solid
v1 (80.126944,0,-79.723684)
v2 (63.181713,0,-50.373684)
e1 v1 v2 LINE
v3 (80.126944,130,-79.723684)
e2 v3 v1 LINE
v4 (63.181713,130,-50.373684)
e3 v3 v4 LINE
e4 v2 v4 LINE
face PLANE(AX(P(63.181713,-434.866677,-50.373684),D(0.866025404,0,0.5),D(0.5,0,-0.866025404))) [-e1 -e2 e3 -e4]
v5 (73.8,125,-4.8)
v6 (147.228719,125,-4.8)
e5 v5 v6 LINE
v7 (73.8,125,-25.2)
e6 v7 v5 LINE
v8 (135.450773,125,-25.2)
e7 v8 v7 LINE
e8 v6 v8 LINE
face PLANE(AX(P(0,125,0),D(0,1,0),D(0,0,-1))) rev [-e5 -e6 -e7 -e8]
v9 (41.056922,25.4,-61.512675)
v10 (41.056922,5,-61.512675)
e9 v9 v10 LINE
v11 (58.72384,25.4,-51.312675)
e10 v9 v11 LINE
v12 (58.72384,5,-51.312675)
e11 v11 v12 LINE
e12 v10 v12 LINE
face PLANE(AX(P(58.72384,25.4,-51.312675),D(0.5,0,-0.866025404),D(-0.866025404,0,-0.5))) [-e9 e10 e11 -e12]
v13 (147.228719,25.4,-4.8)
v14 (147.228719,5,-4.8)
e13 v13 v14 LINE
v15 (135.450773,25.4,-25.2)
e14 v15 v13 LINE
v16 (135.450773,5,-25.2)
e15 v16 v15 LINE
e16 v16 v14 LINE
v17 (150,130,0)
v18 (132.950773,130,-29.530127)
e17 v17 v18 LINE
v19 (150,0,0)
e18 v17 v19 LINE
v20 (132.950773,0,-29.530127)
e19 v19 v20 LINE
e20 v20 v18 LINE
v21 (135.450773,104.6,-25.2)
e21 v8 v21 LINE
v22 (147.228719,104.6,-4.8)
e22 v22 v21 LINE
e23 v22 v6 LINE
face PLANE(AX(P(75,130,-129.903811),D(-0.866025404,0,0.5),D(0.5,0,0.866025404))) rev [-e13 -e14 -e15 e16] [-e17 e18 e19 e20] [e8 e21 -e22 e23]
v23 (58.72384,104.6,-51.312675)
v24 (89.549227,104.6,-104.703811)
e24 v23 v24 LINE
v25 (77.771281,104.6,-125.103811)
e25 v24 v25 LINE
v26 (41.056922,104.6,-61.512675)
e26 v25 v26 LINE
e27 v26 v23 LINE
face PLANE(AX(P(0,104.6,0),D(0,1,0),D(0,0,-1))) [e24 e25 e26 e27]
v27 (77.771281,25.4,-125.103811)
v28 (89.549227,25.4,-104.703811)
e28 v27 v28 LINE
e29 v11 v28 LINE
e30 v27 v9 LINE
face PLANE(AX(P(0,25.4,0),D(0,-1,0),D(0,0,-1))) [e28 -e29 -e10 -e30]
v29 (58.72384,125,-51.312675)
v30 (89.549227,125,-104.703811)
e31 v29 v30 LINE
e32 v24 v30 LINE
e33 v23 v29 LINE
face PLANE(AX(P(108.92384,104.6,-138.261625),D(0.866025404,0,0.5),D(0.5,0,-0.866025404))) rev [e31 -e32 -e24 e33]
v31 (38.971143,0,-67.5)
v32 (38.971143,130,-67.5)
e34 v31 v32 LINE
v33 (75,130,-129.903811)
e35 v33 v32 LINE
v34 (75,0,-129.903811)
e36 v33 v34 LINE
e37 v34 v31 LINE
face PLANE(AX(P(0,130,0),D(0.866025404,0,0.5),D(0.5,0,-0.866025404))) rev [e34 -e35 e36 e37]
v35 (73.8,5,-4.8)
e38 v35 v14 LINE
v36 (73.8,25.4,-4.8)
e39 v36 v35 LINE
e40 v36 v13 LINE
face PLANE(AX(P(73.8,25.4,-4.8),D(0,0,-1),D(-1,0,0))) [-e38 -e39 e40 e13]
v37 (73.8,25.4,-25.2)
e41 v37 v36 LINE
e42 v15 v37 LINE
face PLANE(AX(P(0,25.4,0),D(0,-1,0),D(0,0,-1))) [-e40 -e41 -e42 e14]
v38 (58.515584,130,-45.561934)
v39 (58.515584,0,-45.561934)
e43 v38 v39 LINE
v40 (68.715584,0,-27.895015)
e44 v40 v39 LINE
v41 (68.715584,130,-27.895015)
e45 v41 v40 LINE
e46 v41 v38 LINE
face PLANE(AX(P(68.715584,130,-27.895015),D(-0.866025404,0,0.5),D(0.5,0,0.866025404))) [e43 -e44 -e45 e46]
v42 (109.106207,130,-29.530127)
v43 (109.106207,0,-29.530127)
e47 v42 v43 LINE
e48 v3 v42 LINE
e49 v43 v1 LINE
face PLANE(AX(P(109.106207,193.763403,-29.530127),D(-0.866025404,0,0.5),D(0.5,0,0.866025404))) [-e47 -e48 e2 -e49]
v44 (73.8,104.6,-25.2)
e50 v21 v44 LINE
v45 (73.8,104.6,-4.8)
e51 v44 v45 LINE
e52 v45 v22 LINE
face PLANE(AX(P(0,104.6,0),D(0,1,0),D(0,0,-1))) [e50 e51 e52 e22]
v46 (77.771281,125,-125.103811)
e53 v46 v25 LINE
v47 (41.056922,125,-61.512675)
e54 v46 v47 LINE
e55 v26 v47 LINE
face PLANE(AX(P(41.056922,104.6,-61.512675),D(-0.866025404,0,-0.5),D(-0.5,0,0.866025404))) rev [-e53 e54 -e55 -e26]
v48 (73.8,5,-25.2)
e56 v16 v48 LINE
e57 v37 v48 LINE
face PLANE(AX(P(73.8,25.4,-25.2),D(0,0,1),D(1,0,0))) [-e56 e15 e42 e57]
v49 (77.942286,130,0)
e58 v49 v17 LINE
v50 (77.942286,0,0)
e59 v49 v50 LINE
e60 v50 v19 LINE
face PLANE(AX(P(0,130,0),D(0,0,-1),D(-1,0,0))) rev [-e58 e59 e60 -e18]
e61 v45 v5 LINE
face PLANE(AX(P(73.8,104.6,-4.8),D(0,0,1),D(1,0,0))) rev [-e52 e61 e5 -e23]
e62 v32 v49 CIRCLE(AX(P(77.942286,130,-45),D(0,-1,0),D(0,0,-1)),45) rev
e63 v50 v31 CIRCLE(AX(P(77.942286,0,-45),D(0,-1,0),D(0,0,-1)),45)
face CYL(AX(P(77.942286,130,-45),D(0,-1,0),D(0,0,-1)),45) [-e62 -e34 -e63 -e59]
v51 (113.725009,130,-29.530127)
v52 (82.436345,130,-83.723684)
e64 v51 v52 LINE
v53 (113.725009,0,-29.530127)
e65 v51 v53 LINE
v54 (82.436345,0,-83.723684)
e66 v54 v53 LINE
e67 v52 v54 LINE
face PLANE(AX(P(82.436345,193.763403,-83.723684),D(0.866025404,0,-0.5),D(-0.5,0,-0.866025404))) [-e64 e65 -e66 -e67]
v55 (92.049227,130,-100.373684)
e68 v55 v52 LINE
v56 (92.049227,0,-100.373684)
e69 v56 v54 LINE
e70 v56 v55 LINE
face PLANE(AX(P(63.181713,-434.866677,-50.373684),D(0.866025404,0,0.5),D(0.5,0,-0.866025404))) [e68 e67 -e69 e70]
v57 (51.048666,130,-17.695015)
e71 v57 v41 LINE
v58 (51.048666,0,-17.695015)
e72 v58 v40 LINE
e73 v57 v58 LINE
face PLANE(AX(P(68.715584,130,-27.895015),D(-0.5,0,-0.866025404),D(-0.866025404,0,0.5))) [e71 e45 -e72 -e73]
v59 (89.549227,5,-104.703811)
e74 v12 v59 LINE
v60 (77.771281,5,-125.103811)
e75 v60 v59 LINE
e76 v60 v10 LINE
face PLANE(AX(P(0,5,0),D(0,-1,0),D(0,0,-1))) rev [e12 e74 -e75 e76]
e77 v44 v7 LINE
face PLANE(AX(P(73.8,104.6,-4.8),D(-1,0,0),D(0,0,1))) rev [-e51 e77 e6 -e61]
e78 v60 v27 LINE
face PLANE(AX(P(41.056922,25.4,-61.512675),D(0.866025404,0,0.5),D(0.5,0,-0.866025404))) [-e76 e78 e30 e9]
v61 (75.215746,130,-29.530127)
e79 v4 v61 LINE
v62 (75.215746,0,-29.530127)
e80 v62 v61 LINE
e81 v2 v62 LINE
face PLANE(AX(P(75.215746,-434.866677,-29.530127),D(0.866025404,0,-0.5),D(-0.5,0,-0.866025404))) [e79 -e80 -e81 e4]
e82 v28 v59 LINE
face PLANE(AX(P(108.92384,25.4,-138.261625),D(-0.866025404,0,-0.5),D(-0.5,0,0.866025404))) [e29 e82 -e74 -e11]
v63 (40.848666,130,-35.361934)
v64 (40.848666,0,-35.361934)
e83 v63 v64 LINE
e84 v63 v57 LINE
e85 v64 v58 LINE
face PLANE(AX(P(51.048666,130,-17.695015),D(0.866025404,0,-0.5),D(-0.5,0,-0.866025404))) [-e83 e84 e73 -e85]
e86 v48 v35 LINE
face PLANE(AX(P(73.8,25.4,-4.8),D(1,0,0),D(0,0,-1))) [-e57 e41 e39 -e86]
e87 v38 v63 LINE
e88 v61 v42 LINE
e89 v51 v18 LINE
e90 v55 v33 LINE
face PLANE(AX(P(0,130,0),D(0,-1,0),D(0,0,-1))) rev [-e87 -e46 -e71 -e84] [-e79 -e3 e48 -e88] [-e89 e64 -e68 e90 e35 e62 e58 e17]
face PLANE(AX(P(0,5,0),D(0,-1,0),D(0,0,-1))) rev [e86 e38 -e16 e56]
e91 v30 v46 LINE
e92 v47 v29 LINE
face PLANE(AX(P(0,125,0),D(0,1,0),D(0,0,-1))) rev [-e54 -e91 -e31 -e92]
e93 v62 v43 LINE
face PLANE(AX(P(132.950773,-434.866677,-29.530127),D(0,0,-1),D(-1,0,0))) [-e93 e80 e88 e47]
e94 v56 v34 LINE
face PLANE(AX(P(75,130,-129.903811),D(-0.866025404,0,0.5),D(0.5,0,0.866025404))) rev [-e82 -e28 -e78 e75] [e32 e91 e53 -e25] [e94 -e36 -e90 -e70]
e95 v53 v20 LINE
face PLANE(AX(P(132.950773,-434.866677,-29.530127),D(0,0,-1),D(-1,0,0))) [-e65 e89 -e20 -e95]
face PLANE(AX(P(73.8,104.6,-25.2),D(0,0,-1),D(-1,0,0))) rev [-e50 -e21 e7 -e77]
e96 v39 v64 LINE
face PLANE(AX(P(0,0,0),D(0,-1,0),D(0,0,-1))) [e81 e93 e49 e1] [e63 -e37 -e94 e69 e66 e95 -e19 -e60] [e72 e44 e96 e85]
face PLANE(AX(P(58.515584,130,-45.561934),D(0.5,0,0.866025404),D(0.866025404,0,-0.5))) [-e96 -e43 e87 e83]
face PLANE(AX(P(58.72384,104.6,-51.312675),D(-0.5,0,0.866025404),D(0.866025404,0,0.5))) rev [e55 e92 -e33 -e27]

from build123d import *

# Parameters (mm, degrees)
BOSS_EXTRUDE1_DEPTH     = 130
SKETCH2_W               = 100.4
SKETCH2_H               = 20.4
CUT_EXTRUDE2_DEPTH      = 20.4
CUT_EXTRUDE3_DEPTH      = 238.223523286
FILLET1_R               = 45
CUT_EXTRUDE4_DEPTH      = 238.223523286
CUT_EXTRUDE4_DEPTH_BACK = 238.223523286
BOSS_EXTRUDE2_DEPTH     = 130


with BuildPart() as part:
    # Sketch1 → Boss-Extrude1 (new body)
    with BuildSketch(Plane(origin=(0, 0, 0), x_dir=(1, 0, 0), z_dir=(0, 1, 0))):
        Polygon((0, 0), (150, 0), (75, 129.903810568), align=None)
    extrude(amount=BOSS_EXTRUDE1_DEPTH)

    # Sketch2 → Cut-Extrude2 (cut)
    with BuildSketch(Plane(origin=(0, 5, 0), x_dir=(1, 0, 0), z_dir=(0, 1, 0))):
        Polygon((108.923840175, 138.261625339), (58.723840175, 51.312674799), (41.056921938, 61.512674799), (91.256921938, 148.461625339), align=None)
        with Locations((124, 15)):
            Rectangle(SKETCH2_W, SKETCH2_H)
    cut_extrude2 = extrude(amount=CUT_EXTRUDE2_DEPTH, mode=Mode.SUBTRACT)

    # Mirror1: Cut-Extrude2 across plane
    add(cut_extrude2.mirror(Plane.ZX.offset(65)), mode=Mode.SUBTRACT)

    # Sketch4 → Cut-Extrude3 (cut, through all)
    with BuildSketch(Plane(origin=(0, 0, 0), x_dir=(1, 0, 0), z_dir=(0, 1, 0))):
        Polygon((58.515583945, 45.561933634), (40.848665708, 35.361933634), (51.048665708, 17.695015397), (68.715583945, 27.895015397), align=None)
    extrude(amount=CUT_EXTRUDE3_DEPTH, mode=Mode.SUBTRACT)

    # Fillet1
    fillet1_edges = [part.edges().sort_by_distance(p)[0] for p in [
        (0, 65, 0),
    ]]
    fillet(fillet1_edges, radius=FILLET1_R)

    # Sketch27 → Cut-Extrude4 (cut, two sides: drawn at the far end of the back side and taken through both)
    with BuildSketch(Plane.XZ.offset(-CUT_EXTRUDE4_DEPTH_BACK)):
        Polygon((426.334426918, -29.530127019), (132.950773216, -29.530127019), (75.215746297, -29.530127019), (63.181713324, -50.373683549), (92.049226784, -100.373683549), (238.741053634, -354.45138071), (746.896447956, -647.835034411), (934.48982124, -322.913780721), align=None)
    extrude(amount=CUT_EXTRUDE4_DEPTH + CUT_EXTRUDE4_DEPTH_BACK, mode=Mode.SUBTRACT)

    # Sketch28 → Boss-Extrude2 (add)
    with BuildSketch(Plane.XZ):
        Polygon((109.106207099, -29.530127019), (80.126943725, -79.723683549), (82.436344802, -83.723683549), (113.725009252, -29.530127019), align=None)
    extrude(amount=-BOSS_EXTRUDE2_DEPTH)


solid = part.part
